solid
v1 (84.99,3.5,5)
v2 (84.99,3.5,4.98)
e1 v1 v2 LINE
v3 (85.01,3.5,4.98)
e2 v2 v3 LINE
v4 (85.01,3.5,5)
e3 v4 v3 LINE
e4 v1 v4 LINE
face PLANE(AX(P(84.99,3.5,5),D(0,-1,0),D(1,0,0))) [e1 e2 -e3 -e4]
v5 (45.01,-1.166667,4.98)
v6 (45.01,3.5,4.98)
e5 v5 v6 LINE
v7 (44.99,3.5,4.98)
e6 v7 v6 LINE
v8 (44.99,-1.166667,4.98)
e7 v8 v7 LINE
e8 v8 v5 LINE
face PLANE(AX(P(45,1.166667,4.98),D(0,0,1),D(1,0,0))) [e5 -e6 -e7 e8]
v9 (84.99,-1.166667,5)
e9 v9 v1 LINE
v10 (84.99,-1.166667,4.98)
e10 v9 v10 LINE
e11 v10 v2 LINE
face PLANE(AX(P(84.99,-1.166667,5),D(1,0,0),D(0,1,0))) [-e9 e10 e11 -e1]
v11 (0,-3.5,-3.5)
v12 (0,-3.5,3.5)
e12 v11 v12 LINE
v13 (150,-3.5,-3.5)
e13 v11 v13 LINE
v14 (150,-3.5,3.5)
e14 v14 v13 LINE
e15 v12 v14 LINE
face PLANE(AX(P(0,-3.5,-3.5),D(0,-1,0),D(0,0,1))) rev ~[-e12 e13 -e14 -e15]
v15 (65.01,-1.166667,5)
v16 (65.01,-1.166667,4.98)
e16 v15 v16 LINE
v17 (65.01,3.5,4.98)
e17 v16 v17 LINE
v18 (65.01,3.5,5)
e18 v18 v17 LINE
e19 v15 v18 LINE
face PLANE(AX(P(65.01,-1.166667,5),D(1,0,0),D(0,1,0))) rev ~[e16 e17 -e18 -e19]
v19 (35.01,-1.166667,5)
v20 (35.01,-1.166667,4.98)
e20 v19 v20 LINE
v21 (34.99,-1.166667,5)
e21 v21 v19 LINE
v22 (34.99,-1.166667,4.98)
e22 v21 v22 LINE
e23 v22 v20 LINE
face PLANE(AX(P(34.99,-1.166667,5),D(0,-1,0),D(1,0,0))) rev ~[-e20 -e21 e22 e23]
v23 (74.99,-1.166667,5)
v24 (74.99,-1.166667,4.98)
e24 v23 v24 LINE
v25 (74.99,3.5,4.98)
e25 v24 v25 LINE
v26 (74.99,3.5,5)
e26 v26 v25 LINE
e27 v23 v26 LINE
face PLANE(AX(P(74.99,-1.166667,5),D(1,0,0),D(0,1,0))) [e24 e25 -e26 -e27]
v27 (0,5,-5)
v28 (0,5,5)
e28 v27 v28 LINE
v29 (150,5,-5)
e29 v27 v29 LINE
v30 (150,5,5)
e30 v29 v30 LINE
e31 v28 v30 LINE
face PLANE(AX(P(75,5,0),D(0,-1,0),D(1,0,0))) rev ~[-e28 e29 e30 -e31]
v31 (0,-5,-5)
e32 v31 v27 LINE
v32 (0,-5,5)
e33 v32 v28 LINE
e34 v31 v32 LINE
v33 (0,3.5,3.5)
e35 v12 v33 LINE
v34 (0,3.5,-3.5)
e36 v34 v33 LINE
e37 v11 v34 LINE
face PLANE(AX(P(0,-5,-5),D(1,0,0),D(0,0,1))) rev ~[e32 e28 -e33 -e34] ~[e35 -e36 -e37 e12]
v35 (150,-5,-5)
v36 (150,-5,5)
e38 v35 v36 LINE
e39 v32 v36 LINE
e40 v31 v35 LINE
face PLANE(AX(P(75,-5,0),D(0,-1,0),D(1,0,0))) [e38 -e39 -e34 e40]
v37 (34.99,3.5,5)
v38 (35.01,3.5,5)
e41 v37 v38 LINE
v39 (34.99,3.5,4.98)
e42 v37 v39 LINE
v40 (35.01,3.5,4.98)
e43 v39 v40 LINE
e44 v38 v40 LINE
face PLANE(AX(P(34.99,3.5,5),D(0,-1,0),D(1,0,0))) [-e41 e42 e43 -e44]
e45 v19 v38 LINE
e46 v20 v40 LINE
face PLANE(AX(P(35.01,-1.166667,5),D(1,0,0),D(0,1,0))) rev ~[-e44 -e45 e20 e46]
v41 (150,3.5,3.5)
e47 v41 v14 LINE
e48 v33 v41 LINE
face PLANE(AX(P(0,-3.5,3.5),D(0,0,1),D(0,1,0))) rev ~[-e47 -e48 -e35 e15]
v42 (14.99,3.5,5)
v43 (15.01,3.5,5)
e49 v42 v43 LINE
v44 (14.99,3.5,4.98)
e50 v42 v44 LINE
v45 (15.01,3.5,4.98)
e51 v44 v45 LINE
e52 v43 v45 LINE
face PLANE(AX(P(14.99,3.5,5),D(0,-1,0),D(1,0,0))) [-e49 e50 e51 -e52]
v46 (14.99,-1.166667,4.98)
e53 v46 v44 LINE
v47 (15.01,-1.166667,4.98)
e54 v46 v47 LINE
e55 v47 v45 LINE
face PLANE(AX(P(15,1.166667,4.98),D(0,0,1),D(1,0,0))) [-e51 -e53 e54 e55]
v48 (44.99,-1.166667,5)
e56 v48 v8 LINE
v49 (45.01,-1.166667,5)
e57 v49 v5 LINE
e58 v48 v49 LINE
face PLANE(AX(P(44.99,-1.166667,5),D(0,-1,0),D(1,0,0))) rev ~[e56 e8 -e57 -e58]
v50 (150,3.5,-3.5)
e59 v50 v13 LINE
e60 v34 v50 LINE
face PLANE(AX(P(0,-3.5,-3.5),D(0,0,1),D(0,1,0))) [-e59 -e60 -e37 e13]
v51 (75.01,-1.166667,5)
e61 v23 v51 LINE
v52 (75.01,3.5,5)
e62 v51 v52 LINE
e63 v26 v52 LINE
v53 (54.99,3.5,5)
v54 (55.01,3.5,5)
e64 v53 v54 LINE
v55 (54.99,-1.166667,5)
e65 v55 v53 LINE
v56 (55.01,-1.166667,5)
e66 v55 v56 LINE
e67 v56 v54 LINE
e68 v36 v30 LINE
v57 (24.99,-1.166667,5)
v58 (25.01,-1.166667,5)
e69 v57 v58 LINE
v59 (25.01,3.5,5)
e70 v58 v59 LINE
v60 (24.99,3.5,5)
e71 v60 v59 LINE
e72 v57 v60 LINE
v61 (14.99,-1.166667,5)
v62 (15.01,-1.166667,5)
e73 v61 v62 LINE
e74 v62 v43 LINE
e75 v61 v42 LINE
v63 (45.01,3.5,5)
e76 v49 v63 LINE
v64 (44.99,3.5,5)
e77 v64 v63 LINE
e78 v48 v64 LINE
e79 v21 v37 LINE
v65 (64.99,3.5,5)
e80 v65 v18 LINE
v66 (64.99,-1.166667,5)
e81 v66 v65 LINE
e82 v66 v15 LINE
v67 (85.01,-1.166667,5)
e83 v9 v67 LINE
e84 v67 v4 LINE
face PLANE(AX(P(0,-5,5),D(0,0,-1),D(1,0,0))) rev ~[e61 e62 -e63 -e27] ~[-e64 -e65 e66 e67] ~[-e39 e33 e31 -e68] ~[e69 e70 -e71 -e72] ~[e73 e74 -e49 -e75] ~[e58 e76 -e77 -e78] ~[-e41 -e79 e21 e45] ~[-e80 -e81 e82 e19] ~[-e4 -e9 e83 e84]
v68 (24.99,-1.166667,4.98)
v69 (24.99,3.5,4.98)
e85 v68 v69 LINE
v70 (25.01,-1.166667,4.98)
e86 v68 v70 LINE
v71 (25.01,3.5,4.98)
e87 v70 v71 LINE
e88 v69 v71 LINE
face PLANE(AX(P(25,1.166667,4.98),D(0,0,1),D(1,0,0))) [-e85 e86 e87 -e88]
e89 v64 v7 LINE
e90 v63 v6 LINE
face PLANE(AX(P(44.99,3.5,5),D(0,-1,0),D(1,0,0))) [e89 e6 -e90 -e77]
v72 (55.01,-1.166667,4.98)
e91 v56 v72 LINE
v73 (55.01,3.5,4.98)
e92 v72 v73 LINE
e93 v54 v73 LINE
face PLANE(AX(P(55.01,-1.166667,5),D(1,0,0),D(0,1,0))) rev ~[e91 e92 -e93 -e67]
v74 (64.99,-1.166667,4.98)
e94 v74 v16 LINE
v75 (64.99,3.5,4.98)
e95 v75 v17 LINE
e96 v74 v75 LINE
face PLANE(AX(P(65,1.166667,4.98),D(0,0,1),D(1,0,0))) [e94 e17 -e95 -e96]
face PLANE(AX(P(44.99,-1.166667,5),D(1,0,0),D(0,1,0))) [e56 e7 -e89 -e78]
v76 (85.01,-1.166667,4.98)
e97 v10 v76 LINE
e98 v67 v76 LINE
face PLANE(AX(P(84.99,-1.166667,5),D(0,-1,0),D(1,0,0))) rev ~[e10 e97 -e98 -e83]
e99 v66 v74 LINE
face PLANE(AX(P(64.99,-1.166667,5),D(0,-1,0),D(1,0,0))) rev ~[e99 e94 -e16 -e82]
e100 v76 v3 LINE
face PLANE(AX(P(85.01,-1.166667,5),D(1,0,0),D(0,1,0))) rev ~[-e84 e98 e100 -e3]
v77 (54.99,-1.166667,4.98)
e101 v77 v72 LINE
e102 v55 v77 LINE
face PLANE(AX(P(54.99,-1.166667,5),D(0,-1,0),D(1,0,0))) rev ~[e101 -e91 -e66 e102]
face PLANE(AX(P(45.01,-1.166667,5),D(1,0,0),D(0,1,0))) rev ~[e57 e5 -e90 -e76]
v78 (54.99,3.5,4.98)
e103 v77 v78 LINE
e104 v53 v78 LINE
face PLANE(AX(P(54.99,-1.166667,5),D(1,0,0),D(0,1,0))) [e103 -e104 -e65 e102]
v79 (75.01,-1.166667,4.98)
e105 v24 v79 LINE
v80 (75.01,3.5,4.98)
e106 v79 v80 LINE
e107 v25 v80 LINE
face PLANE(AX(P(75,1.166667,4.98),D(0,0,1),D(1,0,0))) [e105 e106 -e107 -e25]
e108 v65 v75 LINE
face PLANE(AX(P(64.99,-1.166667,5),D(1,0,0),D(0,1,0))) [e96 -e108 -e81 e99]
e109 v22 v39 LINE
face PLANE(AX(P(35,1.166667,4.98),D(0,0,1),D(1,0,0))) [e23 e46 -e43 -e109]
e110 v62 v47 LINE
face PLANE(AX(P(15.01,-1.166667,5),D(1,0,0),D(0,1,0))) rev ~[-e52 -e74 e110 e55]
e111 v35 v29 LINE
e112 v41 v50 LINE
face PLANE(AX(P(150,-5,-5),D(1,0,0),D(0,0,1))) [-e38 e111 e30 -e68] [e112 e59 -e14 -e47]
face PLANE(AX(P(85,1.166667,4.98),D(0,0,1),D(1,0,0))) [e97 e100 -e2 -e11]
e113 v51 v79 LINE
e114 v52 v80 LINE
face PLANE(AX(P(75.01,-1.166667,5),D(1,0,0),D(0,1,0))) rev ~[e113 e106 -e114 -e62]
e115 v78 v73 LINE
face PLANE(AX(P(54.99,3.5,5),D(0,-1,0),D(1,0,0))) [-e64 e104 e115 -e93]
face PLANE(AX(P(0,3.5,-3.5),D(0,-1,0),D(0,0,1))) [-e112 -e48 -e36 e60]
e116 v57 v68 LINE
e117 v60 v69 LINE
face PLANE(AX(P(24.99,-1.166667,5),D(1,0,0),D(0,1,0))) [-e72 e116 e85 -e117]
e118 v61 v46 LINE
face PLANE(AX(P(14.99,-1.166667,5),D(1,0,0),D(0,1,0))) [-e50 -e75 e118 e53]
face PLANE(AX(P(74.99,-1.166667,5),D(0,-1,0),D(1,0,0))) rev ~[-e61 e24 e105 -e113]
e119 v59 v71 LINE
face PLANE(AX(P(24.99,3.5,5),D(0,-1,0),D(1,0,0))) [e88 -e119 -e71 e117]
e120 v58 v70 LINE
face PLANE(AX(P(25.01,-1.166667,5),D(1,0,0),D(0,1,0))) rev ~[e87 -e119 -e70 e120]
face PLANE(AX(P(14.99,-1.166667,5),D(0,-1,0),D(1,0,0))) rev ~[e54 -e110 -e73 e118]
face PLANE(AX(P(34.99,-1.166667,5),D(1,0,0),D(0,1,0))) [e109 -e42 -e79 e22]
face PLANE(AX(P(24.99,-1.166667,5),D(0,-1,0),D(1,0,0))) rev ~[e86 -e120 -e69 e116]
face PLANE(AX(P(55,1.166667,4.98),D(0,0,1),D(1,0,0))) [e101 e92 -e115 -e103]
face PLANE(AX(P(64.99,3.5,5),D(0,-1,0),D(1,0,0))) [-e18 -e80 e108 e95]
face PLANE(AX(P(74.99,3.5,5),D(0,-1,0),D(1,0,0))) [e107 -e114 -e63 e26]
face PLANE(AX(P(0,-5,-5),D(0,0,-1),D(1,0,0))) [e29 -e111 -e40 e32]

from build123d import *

# Parameters (mm, degrees)
CROQUIS1_W              = 150
CROQUIS1_H              = 10
SALIENTE_EXTRUIR1_DEPTH = 10
CROQUIS2_W              = 7
CROQUIS2_H              = 7
CORTAR_EXTRUIR1_DEPTH   = 151.166574177
CROQUIS3_W              = 0.02
CROQUIS3_H              = 4.666666667
CORTAR_EXTRUIR2_DEPTH   = 0.02
CROQUIS4_W              = 0.02
CROQUIS4_H              = 4.666666667
CORTAR_EXTRUIR3_DEPTH   = 0.02
CROQUIS5_W              = 0.02
CROQUIS5_H              = 4.666666667
CORTAR_EXTRUIR4_DEPTH   = 0.02
CROQUIS6_W              = 0.02
CROQUIS6_H              = 4.666666667
CORTAR_EXTRUIR5_DEPTH   = 0.02
CROQUIS7_W              = 0.02
CROQUIS7_H              = 4.666666667
CORTAR_EXTRUIR6_DEPTH   = 0.02
CROQUIS8_W              = 0.02
CROQUIS8_H              = 4.666666667
CORTAR_EXTRUIR7_DEPTH   = 0.02
CROQUIS9_W              = 0.02
CROQUIS9_H              = 4.666666667
CORTAR_EXTRUIR8_DEPTH   = 0.02
CROQUIS10_W             = 0.02
CROQUIS10_H             = 4.666666667
CORTAR_EXTRUIR9_DEPTH   = 0.02


with BuildPart() as part:
    # Croquis1 → Saliente-Extruir1 (new body)
    with BuildSketch(Plane.XZ.offset(5)):
        with Locations((75, 0)):
            Rectangle(CROQUIS1_W, CROQUIS1_H)
    extrude(amount=-SALIENTE_EXTRUIR1_DEPTH)

    # Croquis2 → Cortar-Extruir1 (cut, through all)
    with BuildSketch(Plane.ZY):
        Rectangle(CROQUIS2_W, CROQUIS2_H)
    extrude(amount=-CORTAR_EXTRUIR1_DEPTH, mode=Mode.SUBTRACT)

    # Croquis3 → Cortar-Extruir2 (cut)
    with BuildSketch(Plane.XY.offset(5)):
        with Locations((25, 1.166666666)):
            Rectangle(CROQUIS3_W, CROQUIS3_H)
    extrude(amount=-CORTAR_EXTRUIR2_DEPTH, mode=Mode.SUBTRACT)

    # Croquis4 → Cortar-Extruir3 (cut)
    with BuildSketch(Plane.XY.offset(5)):
        with Locations((35, 1.166666666)):
            Rectangle(CROQUIS4_W, CROQUIS4_H)
    extrude(amount=-CORTAR_EXTRUIR3_DEPTH, mode=Mode.SUBTRACT)

    # Croquis5 → Cortar-Extruir4 (cut)
    with BuildSketch(Plane.XY.offset(5)):
        with Locations((45, 1.166666666)):
            Rectangle(CROQUIS5_W, CROQUIS5_H)
    extrude(amount=-CORTAR_EXTRUIR4_DEPTH, mode=Mode.SUBTRACT)

    # Croquis6 → Cortar-Extruir5 (cut)
    with BuildSketch(Plane.XY.offset(5)):
        with Locations((55, 1.166666666)):
            Rectangle(CROQUIS6_W, CROQUIS6_H)
    extrude(amount=-CORTAR_EXTRUIR5_DEPTH, mode=Mode.SUBTRACT)

    # Croquis7 → Cortar-Extruir6 (cut)
    with BuildSketch(Plane.XY.offset(5)):
        with Locations((65, 1.166666666)):
            Rectangle(CROQUIS7_W, CROQUIS7_H)
    extrude(amount=-CORTAR_EXTRUIR6_DEPTH, mode=Mode.SUBTRACT)

    # Croquis8 → Cortar-Extruir7 (cut)
    with BuildSketch(Plane.XY.offset(5)):
        with Locations((75, 1.166666666)):
            Rectangle(CROQUIS8_W, CROQUIS8_H)
    extrude(amount=-CORTAR_EXTRUIR7_DEPTH, mode=Mode.SUBTRACT)

    # Croquis9 → Cortar-Extruir8 (cut)
    with BuildSketch(Plane.XY.offset(5)):
        with Locations((85, 1.166666666)):
            Rectangle(CROQUIS9_W, CROQUIS9_H)
    extrude(amount=-CORTAR_EXTRUIR8_DEPTH, mode=Mode.SUBTRACT)

    # Croquis10 → Cortar-Extruir9 (cut)
    with BuildSketch(Plane.XY.offset(5)):
        with Locations((15, 1.166666666)):
            Rectangle(CROQUIS10_W, CROQUIS10_H)
    extrude(amount=-CORTAR_EXTRUIR9_DEPTH, mode=Mode.SUBTRACT)


solid = part.part
